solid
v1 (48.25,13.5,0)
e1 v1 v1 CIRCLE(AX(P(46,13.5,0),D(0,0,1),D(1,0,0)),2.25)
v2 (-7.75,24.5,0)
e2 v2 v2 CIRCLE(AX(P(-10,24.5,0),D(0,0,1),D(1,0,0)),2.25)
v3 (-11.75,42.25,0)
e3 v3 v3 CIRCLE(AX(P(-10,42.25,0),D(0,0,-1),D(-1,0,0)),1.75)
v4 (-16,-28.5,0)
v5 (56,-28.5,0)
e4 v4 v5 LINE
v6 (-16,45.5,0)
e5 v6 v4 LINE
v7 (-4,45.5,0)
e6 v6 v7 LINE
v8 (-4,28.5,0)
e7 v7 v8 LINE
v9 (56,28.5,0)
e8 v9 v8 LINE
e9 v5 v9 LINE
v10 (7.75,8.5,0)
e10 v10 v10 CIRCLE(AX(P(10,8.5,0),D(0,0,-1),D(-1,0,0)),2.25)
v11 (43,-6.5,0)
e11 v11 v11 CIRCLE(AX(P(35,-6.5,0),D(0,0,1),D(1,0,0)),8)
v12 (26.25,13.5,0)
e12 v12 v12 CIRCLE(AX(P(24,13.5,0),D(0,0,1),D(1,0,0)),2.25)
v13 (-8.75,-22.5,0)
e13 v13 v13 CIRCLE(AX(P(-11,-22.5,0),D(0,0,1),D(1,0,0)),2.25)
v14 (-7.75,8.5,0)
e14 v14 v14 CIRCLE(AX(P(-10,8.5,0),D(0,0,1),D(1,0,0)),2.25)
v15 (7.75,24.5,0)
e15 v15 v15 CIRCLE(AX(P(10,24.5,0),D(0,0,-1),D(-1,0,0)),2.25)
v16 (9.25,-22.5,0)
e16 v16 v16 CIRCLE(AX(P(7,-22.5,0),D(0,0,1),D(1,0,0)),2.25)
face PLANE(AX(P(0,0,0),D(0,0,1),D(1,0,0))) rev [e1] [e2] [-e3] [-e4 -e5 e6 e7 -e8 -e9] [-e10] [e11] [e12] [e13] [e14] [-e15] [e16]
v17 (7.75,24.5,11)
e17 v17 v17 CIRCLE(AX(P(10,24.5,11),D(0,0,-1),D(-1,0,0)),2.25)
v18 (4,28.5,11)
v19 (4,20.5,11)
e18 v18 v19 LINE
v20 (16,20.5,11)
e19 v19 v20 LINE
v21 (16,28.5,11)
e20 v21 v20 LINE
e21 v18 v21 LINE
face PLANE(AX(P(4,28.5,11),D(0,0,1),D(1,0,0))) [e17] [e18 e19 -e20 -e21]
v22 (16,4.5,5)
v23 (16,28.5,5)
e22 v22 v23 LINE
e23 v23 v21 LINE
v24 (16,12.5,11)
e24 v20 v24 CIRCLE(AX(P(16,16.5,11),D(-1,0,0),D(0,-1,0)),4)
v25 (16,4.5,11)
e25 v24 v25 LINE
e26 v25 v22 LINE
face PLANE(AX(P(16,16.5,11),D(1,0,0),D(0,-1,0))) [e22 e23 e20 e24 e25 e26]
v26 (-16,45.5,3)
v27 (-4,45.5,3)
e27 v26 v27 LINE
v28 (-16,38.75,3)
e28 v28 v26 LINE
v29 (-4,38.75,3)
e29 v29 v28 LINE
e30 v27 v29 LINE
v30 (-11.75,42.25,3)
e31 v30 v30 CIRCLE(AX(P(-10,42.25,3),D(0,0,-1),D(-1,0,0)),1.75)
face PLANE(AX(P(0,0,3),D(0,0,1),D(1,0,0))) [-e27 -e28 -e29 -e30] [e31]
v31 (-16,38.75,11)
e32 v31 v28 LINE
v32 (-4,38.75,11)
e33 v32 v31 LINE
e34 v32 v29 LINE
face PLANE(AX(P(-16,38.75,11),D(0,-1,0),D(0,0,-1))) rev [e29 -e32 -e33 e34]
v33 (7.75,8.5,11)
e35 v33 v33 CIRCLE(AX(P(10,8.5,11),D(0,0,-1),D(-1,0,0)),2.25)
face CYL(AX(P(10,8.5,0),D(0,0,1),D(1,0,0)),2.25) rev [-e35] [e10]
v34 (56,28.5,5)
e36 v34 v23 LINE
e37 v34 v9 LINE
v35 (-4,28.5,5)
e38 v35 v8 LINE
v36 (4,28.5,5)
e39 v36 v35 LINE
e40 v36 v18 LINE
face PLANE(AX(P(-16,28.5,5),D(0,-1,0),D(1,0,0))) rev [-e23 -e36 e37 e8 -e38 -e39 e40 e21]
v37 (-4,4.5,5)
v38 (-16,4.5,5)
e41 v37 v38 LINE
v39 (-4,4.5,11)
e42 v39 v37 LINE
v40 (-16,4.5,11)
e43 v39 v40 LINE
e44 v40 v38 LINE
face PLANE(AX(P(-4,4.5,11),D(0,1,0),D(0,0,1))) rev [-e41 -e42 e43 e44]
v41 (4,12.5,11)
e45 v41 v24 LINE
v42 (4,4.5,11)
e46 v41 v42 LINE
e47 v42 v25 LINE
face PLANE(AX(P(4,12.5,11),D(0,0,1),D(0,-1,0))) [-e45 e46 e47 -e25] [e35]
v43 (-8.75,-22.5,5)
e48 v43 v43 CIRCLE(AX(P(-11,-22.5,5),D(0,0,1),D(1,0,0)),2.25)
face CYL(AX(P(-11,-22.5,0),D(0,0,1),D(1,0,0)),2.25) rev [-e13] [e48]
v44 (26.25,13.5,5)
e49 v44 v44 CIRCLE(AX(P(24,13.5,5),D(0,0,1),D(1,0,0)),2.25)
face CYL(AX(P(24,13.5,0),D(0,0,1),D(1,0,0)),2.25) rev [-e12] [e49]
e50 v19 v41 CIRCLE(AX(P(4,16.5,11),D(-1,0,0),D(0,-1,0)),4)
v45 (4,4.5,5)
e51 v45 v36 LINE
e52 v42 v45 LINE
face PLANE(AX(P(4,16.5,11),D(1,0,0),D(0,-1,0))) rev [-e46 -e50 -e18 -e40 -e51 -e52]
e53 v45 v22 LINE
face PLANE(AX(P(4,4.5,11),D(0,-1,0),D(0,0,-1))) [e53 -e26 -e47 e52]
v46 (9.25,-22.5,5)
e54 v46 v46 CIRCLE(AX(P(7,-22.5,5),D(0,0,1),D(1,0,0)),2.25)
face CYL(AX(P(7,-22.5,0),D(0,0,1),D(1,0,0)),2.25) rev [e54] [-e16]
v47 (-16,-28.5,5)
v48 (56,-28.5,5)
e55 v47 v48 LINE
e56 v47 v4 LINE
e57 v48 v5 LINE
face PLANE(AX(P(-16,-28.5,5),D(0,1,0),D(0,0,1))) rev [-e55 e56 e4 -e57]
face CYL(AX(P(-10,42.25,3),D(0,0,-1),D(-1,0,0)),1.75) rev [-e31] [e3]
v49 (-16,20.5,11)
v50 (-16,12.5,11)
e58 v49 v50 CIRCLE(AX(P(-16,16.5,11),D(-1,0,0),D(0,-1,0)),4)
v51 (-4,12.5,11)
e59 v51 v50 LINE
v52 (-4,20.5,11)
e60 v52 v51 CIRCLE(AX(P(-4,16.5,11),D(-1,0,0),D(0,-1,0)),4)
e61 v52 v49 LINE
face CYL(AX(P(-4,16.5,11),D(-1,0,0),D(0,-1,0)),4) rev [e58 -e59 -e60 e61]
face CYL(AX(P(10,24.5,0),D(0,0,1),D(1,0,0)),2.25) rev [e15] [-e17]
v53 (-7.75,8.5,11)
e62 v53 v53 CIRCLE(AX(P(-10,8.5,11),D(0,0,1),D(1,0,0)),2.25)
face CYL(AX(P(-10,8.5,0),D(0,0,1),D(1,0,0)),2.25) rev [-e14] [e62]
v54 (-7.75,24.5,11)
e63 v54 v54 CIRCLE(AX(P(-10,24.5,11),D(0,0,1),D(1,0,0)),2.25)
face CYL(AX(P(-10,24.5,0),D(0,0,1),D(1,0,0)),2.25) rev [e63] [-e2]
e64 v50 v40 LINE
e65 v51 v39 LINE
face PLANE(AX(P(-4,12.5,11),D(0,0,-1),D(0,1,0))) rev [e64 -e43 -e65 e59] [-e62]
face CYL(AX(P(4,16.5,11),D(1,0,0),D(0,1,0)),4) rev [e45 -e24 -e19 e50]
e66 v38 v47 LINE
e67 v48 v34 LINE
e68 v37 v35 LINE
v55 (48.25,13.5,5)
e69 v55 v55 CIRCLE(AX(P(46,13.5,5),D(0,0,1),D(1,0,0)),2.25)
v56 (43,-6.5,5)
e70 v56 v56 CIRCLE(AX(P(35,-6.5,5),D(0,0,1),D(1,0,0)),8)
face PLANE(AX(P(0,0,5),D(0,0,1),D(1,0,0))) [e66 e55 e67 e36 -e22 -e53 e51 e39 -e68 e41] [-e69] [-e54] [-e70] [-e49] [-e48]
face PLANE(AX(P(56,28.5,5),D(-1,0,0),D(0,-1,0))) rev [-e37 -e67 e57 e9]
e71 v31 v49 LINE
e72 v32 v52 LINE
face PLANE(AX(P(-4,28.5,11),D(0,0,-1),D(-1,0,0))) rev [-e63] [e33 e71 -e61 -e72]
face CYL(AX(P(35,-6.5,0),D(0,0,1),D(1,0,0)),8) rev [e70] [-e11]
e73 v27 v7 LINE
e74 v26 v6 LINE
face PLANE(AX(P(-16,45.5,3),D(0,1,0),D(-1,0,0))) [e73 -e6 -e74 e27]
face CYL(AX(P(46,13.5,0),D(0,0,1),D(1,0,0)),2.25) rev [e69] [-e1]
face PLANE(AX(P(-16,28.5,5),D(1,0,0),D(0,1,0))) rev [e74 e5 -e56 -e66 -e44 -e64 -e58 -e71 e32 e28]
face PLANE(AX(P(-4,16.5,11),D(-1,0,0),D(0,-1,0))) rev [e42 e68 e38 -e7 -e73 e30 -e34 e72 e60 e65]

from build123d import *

# Parameters (mm, degrees)
SKETCH1_W           = 72
SKETCH1_H           = 57
BOSS_EXTRUDE1_DEPTH = 5
BOSS_EXTRUDE2_DEPTH = 12
SKETCH5_R           = 2.25
CUT_EXTRUDE2_DEPTH  = 64.790673299
SKETCH4_R           = 8
CUT_EXTRUDE1_DEPTH  = 64.120915709
SKETCH6_R           = 2.25
CUT_EXTRUDE3_DEPTH  = 64.120915709
SKETCH7_R           = 2.25
CUT_EXTRUDE4_DEPTH  = 64.120915709
SKETCH8_R           = 1.75
BOSS_EXTRUDE3_DEPTH = 3
SKETCH9_W           = 12
SKETCH9_H           = 10.25
BOSS_EXTRUDE4_DEPTH = 8


with BuildPart() as part:
    # Sketch1 → Boss-Extrude1 (new body)
    with BuildSketch(Plane.XY):
        with Locations((20, 0)):
            Rectangle(SKETCH1_W, SKETCH1_H)
    extrude(amount=BOSS_EXTRUDE1_DEPTH)

    # Sketch3 → Boss-Extrude2 (add)
    with BuildSketch(Plane(origin=(-16, 0, 0), x_dir=(0, 0, -1), z_dir=(1, 0, 0))):
        with BuildLine():
            Line((-5, 28.5), (-11, 28.5))
            Line((-11, 28.5), (-11, 20.5))
            ThreePointArc((-11, 20.5), (-7, 16.5), (-11, 12.5))
            Line((-11, 12.5), (-11, 4.5))
            Line((-11, 4.5), (-5, 4.5))
            Line((-5, 4.5), (-5, 28.5))
        make_face()
    boss_extrude2 = extrude(amount=BOSS_EXTRUDE2_DEPTH)

    # Sketch5 → Cut-Extrude2 (cut, through all)
    with BuildSketch(Plane.XY.offset(11)):
        with Locations((-10, 24.5)):
            Circle(SKETCH5_R)
        with Locations((-10, 8.5)):
            Circle(SKETCH5_R)
    cut_extrude2 = extrude(amount=-CUT_EXTRUDE2_DEPTH, mode=Mode.SUBTRACT)

    # Mirror1: Boss-Extrude2, Cut-Extrude2 across plane
    add(boss_extrude2.mirror(Plane(origin=(0, 0, 0), x_dir=(0, 0, 1), z_dir=(1, 0, 0))))
    add(cut_extrude2.mirror(Plane(origin=(0, 0, 0), x_dir=(0, 0, 1), z_dir=(1, 0, 0))), mode=Mode.SUBTRACT)

    # Sketch4 → Cut-Extrude1 (cut, through all)
    with BuildSketch(Plane.XY.offset(5)):
        with Locations((35, -6.5)):
            Circle(SKETCH4_R)
    extrude(amount=-CUT_EXTRUDE1_DEPTH, mode=Mode.SUBTRACT)

    # Sketch6 → Cut-Extrude3 (cut, through all)
    with BuildSketch(Plane.XY.offset(5)):
        with Locations((-11, -22.5)):
            Circle(SKETCH6_R)
        with Locations((7, -22.5)):
            Circle(SKETCH6_R)
    extrude(amount=-CUT_EXTRUDE3_DEPTH, mode=Mode.SUBTRACT)

    # Sketch7 → Cut-Extrude4 (cut, through all)
    with BuildSketch(Plane.XY.offset(5)):
        with Locations((46, 13.5)):
            Circle(SKETCH7_R)
        with Locations((24, 13.5)):
            Circle(SKETCH7_R)
    extrude(amount=-CUT_EXTRUDE4_DEPTH, mode=Mode.SUBTRACT)

    # Sketch8 → Boss-Extrude3 (add)
    with BuildSketch(Plane(origin=(0, 0, 0), x_dir=(-1, 0, 0), z_dir=(0, 0, -1))):
        Polygon((16, 39), (16, 45.5), (4, 45.5), (4, 39), (4, 28.5), (16, 28.5), align=None)
        with Locations((10, 42.25)):
            Circle(SKETCH8_R, mode=Mode.SUBTRACT)
    extrude(amount=-BOSS_EXTRUDE3_DEPTH)

    # Sketch9 → Boss-Extrude4 (add)
    with BuildSketch(Plane.XY.offset(3)):
        with Locations((-10, 33.625)):
            Rectangle(SKETCH9_W, SKETCH9_H)
    extrude(amount=BOSS_EXTRUDE4_DEPTH)


solid = part.part
